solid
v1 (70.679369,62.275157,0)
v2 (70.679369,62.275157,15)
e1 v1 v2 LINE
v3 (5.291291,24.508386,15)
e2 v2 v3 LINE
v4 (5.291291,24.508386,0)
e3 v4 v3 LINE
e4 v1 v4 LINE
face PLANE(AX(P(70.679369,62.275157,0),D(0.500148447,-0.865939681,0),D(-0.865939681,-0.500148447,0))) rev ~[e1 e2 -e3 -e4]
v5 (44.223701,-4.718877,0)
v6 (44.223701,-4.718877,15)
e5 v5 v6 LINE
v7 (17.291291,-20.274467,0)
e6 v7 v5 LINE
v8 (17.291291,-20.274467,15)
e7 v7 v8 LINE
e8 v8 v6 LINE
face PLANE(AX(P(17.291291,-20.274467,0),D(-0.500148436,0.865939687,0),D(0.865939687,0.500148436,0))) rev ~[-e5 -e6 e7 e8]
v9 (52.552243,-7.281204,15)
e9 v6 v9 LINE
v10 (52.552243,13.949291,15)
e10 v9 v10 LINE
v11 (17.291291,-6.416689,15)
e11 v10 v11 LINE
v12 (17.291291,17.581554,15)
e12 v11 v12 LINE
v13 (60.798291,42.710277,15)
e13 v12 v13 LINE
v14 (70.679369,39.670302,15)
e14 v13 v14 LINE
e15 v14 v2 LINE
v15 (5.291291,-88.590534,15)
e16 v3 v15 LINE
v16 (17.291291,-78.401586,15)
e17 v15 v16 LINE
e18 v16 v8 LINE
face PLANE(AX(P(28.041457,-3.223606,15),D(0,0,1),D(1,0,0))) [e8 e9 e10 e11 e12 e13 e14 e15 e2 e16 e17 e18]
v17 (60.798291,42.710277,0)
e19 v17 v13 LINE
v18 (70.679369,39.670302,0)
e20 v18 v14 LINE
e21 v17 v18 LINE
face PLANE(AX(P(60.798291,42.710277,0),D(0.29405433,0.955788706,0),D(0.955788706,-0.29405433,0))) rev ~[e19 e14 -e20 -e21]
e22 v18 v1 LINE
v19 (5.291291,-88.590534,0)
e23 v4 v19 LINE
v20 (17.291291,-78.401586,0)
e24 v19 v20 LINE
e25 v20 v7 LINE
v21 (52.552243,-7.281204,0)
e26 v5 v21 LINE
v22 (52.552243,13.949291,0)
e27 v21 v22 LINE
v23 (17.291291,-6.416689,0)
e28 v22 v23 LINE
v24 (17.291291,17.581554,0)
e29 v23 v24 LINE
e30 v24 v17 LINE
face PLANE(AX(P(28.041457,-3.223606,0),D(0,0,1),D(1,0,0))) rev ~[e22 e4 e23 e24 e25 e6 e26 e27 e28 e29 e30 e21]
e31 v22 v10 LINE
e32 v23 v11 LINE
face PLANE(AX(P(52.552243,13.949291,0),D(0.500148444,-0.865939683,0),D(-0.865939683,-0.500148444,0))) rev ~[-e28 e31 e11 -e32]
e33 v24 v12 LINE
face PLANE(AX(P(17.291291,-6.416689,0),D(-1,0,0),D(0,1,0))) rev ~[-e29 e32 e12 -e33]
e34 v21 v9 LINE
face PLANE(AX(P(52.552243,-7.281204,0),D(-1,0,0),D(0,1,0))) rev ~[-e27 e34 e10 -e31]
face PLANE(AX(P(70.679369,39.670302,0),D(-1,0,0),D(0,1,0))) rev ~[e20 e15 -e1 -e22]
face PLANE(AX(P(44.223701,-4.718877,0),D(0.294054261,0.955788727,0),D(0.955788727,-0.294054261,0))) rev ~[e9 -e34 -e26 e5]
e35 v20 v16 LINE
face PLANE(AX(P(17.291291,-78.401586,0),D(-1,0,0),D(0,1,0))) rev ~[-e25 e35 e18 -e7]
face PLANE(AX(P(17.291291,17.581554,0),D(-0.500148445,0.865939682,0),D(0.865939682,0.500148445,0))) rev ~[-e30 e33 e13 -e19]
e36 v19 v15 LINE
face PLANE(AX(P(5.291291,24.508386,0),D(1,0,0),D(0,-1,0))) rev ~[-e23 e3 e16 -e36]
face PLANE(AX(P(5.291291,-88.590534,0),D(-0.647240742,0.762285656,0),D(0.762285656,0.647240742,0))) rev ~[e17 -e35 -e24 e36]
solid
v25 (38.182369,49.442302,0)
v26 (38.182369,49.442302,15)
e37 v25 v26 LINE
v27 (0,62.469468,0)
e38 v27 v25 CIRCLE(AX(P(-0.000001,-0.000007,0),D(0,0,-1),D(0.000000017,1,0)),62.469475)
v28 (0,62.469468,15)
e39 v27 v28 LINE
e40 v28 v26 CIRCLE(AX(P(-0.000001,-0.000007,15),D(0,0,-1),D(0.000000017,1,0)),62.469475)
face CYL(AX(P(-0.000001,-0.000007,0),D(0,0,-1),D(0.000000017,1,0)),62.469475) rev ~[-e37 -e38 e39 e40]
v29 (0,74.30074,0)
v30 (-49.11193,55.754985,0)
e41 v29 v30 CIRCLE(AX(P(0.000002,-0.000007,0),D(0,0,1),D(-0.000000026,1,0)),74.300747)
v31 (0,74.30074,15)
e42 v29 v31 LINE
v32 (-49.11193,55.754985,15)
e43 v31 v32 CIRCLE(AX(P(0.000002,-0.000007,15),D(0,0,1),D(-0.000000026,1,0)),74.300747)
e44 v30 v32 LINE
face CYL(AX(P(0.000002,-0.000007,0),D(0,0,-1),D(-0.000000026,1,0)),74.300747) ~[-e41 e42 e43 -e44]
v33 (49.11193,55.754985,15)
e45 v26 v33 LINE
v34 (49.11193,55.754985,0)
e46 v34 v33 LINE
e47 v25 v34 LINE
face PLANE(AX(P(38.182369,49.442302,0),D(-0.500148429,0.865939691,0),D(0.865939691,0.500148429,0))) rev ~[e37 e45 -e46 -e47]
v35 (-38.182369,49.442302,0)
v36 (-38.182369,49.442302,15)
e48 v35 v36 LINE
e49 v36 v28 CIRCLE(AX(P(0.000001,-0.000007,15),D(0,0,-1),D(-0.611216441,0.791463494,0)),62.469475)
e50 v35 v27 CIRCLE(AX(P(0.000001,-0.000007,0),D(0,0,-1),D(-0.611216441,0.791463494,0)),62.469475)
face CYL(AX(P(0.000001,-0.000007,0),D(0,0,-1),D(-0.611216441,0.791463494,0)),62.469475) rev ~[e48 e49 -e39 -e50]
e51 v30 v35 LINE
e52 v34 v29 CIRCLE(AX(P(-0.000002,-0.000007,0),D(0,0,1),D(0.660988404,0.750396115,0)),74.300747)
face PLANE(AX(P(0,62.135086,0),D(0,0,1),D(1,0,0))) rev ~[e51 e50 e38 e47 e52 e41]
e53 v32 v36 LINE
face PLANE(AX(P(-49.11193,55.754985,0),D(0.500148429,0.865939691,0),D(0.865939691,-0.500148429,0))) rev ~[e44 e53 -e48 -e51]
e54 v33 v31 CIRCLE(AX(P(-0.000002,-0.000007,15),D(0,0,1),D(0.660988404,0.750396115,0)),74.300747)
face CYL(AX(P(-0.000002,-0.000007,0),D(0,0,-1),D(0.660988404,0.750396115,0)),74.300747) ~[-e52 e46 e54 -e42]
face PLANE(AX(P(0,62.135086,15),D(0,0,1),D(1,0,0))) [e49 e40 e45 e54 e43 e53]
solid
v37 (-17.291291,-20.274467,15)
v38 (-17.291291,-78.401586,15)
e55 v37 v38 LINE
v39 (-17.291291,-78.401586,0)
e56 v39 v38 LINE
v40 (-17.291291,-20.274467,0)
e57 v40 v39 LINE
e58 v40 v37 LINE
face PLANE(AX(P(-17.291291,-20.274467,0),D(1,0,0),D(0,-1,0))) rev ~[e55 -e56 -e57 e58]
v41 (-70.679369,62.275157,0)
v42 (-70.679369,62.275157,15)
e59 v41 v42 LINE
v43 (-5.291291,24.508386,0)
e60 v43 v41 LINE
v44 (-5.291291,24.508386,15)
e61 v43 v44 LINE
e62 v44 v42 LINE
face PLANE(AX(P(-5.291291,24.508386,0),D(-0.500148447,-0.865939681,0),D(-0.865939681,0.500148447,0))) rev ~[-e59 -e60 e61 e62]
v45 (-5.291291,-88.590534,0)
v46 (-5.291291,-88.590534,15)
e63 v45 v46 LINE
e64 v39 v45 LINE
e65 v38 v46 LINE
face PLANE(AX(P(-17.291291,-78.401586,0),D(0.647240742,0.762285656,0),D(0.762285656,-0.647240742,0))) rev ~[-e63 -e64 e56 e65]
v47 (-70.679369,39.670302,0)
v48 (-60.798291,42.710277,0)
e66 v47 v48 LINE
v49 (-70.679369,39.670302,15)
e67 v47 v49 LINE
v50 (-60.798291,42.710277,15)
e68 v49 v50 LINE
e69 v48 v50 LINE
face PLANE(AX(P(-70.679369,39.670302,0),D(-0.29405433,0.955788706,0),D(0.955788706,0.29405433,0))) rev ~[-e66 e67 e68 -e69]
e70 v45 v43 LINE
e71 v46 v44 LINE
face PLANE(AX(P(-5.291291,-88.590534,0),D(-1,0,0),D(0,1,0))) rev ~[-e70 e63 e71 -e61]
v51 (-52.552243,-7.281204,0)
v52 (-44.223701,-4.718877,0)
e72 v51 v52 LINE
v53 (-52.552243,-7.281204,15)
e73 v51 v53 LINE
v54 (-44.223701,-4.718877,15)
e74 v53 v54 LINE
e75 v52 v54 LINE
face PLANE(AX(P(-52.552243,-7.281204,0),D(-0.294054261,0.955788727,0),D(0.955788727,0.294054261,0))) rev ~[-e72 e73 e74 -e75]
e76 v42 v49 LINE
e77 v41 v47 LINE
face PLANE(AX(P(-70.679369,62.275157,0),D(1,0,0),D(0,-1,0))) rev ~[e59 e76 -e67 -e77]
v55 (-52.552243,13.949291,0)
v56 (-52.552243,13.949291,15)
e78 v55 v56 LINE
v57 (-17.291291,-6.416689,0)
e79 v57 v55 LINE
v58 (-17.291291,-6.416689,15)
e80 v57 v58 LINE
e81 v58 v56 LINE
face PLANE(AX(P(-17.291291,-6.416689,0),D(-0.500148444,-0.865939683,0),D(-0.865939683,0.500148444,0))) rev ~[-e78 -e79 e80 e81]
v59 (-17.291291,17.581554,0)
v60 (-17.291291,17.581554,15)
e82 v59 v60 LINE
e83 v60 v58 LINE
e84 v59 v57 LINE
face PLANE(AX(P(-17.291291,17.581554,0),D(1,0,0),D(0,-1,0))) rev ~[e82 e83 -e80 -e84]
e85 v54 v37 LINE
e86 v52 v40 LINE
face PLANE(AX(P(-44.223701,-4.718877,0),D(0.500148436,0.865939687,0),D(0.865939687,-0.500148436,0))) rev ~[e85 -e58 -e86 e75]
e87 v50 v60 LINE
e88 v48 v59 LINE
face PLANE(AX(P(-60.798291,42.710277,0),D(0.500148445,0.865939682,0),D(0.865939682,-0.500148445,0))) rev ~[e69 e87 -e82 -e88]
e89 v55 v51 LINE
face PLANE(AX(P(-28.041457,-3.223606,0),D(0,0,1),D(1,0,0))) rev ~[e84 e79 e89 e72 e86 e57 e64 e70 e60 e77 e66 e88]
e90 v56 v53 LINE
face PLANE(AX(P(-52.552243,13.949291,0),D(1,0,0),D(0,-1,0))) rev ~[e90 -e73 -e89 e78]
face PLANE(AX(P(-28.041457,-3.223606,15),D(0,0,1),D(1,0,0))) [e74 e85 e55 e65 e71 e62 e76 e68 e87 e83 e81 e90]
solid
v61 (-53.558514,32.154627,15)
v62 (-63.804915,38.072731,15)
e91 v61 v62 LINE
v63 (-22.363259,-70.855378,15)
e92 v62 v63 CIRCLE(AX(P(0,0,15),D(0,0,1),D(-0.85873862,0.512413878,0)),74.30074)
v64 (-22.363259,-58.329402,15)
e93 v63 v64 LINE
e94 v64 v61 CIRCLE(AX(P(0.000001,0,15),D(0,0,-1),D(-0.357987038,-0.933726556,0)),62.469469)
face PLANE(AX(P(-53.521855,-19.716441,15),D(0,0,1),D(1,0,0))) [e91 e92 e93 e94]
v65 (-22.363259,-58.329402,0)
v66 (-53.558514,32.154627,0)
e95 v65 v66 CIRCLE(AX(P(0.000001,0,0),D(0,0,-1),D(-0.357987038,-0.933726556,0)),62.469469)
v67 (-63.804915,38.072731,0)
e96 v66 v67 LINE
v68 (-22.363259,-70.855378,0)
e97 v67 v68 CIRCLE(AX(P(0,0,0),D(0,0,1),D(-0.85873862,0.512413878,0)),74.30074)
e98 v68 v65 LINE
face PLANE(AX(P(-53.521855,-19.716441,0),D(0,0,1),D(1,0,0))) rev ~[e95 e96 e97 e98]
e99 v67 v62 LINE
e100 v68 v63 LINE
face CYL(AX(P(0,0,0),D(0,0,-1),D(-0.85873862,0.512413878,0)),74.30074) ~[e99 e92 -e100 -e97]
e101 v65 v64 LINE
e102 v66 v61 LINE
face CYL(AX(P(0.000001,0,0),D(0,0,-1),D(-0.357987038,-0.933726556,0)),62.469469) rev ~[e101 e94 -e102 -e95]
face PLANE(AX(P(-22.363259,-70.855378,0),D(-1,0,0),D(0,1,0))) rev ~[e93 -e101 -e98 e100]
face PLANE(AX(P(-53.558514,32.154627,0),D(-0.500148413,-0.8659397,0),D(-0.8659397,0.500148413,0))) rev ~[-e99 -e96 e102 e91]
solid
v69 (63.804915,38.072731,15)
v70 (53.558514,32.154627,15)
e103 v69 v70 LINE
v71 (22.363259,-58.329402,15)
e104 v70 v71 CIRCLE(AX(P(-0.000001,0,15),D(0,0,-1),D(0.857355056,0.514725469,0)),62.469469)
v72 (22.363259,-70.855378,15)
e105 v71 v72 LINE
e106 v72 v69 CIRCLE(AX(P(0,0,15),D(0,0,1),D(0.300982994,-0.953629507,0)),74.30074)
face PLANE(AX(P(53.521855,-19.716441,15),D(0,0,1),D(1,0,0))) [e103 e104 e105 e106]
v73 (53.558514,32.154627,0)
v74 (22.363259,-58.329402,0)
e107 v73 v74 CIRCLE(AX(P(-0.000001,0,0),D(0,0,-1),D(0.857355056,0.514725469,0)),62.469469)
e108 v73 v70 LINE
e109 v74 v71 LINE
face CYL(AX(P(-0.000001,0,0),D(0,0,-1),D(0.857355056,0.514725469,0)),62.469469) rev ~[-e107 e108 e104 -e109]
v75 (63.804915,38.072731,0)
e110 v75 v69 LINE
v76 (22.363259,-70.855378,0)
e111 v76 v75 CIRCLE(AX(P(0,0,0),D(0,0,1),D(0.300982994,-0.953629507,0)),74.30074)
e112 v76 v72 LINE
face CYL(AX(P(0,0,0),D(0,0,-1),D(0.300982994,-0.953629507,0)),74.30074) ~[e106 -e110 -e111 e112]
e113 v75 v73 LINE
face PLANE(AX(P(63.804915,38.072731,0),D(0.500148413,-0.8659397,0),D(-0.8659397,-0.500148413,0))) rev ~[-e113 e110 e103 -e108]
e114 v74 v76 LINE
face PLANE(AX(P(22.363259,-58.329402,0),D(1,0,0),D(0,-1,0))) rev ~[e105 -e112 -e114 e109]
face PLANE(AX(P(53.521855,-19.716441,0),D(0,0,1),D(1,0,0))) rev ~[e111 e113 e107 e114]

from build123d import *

# Parameters (mm, degrees)
F1_DEPTH = 15


with BuildPart() as f1:
    # F0 (on Top) → F1 (new body)
    with BuildSketch(Plane.XY):
        with BuildLine():
            ThreePointArc((0, 74.30074), (-26.24846, 69.509843), (-49.11193, 55.754985))
            Line((-49.11193, 55.754985), (-38.182369, 49.442302))
            ThreePointArc((-38.182369, 49.442302), (-20.171765, 59.123044), (0, 62.469468))
            ThreePointArc((0, 62.469468), (20.171765, 59.123044), (38.182369, 49.442302))
            Line((38.182369, 49.442302), (49.11193, 55.754985))
            ThreePointArc((49.11193, 55.754985), (26.24846, 69.509843), (0, 74.30074))
        make_face()
        with BuildLine():
            Line((-53.558514, 32.154627), (-63.804915, 38.072731))
            ThreePointArc((-63.804915, 38.072731), (-69.444739, -26.420223), (-22.363259, -70.855378))
            Line((-22.363259, -70.855378), (-22.363259, -58.329402))
            ThreePointArc((-22.363259, -58.329402), (-59.058181, -20.360886), (-53.558514, 32.154627))
        make_face()
        with BuildLine():
            ThreePointArc((22.363259, -70.855378), (69.444739, -26.420223), (63.804915, 38.072731))
            Line((63.804915, 38.072731), (53.558514, 32.154627))
            ThreePointArc((53.558514, 32.154627), (59.058181, -20.360886), (22.363259, -58.329402))
            Line((22.363259, -58.329402), (22.363259, -70.855378))
        make_face()
        Polygon((-17.291291, -78.401586), (-5.291291, -88.590534), (-5.291291, 24.508386), (-70.679369, 62.275157), (-70.679369, 39.670302), (-60.798291, 42.710277), (-17.291291, 17.581554), (-17.291291, -6.416689), (-52.552243, 13.949291), (-52.552243, -7.281204), (-44.223701, -4.718877), (-17.291291, -20.274467), align=None)
        Polygon((17.291291, -6.416689), (17.291291, 17.581554), (60.798291, 42.710277), (70.679369, 39.670302), (70.679369, 62.275157), (5.291291, 24.508386), (5.291291, -88.590534), (17.291291, -78.401586), (17.291291, -20.274467), (44.223701, -4.718877), (52.552243, -7.281204), (52.552243, 13.949291), align=None)
    extrude(amount=F1_DEPTH)


solid = f1.part
